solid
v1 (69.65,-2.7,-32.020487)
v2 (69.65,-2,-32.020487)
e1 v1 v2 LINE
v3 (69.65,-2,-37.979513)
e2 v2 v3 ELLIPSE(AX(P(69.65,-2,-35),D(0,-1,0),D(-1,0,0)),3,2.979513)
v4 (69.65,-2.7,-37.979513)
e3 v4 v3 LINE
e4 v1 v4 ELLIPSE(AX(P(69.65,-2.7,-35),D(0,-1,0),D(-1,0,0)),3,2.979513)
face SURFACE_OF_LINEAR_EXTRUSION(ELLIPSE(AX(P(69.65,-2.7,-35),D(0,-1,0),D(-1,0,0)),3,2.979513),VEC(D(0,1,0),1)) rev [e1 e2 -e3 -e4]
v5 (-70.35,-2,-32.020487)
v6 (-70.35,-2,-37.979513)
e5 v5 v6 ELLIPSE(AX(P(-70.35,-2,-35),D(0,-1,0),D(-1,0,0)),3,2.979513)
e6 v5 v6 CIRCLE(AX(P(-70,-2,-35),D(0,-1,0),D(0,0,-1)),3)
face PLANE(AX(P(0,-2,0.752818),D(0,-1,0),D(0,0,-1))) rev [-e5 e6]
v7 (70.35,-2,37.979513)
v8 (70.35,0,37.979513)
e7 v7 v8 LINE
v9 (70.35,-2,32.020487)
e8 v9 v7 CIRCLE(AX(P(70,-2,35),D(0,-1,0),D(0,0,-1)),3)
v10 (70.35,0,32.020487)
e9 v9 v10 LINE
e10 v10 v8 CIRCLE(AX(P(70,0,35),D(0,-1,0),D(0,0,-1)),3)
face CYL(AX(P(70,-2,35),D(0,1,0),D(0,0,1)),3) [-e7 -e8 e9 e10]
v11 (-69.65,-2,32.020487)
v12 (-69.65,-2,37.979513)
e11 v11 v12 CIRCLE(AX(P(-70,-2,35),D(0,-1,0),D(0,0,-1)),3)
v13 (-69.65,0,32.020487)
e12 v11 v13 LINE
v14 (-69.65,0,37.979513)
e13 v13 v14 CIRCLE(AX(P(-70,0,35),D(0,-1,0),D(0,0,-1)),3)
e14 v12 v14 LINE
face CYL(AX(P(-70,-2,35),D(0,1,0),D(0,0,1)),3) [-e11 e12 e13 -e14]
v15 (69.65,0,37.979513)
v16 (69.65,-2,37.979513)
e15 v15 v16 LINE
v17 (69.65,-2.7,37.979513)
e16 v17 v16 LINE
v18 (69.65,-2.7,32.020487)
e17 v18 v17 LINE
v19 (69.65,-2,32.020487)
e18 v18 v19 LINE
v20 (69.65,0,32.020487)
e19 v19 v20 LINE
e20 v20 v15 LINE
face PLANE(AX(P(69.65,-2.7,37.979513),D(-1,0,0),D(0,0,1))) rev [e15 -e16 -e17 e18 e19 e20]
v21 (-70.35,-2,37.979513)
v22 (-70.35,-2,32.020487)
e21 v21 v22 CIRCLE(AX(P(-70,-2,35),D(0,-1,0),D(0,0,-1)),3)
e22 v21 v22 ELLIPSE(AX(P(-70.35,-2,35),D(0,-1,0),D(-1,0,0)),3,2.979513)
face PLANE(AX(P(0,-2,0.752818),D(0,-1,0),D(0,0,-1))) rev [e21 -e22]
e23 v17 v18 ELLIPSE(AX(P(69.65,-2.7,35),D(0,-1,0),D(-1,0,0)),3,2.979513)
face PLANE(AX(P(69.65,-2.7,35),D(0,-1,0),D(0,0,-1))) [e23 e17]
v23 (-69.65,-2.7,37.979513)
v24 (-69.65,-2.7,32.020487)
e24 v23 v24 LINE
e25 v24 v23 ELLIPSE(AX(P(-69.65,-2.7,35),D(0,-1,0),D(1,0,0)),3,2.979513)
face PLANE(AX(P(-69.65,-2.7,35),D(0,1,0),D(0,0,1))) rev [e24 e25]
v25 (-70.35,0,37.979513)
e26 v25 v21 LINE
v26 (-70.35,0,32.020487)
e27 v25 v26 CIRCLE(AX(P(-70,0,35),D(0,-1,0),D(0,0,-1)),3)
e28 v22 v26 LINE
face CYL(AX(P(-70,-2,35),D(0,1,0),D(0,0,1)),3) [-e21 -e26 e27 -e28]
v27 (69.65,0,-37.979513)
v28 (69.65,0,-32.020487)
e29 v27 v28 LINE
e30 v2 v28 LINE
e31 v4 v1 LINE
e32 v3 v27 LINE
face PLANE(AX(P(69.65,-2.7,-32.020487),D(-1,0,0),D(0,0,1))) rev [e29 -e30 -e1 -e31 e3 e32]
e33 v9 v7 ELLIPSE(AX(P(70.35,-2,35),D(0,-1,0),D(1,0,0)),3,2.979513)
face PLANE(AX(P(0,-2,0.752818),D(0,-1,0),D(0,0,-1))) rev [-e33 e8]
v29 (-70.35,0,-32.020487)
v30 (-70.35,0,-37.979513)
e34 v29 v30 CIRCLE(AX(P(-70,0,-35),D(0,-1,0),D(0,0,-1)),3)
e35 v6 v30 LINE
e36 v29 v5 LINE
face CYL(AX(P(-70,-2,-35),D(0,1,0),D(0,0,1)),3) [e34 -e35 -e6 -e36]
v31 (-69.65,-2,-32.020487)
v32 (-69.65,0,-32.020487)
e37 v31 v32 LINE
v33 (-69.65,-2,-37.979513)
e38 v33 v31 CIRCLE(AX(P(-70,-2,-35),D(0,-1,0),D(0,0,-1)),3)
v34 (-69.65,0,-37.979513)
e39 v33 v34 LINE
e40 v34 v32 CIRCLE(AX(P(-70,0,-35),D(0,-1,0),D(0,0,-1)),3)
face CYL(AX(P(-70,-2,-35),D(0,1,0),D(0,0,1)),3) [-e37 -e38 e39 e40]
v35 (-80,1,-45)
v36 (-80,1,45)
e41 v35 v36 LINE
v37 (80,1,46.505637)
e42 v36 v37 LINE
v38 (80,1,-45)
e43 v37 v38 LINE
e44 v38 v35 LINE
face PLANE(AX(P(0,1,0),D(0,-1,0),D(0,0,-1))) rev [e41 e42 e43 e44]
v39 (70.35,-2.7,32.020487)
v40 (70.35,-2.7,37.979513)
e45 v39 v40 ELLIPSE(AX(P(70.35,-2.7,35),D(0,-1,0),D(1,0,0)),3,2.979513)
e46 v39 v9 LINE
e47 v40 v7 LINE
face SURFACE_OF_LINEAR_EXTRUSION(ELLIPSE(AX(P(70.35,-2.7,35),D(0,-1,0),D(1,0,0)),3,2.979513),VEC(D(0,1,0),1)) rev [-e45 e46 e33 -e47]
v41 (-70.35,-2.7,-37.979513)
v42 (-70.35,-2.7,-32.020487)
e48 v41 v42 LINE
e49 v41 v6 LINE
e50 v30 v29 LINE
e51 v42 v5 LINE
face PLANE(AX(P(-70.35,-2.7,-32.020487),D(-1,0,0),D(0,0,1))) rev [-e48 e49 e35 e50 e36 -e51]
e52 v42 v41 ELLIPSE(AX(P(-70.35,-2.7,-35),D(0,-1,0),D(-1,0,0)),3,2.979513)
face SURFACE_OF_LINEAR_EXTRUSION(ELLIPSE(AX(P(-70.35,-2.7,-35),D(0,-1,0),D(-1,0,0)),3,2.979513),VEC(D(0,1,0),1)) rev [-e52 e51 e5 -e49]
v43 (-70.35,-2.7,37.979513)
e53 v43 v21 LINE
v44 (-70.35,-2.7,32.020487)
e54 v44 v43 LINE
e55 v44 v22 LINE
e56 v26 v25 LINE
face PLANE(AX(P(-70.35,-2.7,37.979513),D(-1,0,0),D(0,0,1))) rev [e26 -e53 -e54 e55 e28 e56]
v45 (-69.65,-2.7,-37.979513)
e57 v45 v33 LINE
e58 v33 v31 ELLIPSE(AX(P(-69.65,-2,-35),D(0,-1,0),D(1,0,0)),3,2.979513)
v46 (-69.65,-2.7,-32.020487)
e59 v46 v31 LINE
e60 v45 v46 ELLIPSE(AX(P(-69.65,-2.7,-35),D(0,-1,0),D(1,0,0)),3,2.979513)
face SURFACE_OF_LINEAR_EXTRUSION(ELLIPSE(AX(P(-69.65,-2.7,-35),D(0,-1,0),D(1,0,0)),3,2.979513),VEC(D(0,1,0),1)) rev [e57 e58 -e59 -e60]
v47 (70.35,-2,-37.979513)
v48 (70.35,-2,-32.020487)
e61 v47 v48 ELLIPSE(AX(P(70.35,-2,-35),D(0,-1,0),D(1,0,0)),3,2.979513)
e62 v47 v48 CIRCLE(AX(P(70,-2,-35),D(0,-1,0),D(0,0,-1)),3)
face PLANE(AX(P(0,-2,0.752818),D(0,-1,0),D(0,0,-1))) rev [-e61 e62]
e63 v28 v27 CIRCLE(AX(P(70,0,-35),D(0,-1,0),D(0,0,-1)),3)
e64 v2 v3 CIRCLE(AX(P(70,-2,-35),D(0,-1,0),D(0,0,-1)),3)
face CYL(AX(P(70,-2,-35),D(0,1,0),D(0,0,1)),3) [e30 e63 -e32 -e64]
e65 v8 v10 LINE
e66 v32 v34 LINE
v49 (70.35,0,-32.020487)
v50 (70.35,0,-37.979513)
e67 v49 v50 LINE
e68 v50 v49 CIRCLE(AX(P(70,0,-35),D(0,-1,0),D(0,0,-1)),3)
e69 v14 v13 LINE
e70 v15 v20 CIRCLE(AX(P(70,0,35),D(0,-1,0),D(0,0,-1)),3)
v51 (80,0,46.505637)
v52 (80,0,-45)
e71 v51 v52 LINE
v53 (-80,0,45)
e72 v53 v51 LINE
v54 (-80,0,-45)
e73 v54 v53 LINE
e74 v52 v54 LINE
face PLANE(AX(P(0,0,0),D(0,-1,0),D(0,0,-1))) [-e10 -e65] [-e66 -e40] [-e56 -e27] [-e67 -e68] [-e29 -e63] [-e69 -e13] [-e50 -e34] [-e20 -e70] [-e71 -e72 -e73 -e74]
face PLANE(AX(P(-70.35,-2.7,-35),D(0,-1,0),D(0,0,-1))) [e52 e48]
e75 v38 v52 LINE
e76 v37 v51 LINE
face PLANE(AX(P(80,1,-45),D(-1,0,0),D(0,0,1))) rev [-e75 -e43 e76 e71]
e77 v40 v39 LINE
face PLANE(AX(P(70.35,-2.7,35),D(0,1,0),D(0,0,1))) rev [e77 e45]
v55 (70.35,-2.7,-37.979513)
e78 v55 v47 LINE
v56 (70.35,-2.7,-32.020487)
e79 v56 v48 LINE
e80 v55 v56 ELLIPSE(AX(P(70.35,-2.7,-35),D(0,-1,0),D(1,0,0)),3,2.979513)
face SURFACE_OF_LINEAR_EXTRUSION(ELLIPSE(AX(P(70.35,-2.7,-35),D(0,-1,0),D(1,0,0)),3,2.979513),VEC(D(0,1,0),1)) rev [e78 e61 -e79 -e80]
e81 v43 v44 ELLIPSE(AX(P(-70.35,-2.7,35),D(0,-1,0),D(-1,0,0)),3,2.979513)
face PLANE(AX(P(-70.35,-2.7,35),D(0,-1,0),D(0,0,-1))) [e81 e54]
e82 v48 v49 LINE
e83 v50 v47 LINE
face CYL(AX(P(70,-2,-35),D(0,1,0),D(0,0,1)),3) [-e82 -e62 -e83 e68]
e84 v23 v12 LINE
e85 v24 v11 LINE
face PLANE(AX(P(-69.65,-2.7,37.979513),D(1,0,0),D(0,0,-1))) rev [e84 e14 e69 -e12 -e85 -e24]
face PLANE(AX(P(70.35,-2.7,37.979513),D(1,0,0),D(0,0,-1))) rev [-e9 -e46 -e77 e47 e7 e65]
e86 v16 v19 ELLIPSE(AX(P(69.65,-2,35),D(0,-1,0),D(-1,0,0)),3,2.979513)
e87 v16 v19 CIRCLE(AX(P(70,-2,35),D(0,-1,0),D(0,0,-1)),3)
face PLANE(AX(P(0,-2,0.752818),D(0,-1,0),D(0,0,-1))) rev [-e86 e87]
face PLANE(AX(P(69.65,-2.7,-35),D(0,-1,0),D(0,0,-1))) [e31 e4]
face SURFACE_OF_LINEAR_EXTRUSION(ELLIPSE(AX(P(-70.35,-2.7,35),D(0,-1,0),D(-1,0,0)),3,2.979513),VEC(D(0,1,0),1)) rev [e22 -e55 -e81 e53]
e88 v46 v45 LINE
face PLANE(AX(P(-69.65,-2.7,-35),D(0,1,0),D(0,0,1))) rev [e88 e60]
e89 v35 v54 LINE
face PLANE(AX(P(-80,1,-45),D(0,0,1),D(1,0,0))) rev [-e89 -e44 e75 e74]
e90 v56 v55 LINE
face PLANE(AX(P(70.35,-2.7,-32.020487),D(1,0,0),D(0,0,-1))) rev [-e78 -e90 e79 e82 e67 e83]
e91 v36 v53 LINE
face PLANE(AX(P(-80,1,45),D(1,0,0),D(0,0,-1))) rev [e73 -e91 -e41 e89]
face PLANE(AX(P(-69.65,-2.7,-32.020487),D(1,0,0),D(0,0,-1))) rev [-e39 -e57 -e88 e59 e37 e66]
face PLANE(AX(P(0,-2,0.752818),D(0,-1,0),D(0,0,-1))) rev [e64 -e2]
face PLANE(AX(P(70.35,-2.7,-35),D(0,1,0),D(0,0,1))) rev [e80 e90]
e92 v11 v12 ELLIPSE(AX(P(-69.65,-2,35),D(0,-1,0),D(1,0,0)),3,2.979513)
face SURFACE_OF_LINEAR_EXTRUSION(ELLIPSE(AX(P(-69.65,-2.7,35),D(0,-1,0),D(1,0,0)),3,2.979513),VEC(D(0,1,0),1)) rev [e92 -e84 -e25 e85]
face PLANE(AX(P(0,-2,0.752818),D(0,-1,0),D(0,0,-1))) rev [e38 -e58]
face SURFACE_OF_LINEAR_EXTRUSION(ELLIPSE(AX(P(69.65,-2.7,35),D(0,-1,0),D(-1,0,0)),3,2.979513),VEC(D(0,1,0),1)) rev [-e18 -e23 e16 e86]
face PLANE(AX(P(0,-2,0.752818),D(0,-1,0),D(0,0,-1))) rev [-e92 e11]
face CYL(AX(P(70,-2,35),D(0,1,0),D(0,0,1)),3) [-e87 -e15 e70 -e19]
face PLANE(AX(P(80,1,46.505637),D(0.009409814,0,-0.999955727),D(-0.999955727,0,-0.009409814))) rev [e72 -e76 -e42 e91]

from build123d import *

# Parameters (mm, degrees)
BOSS_EXTRUDE1_DEPTH = 1
BOSS_EXTRUDE2_DEPTH = 2.7
SKETCH5_OUTSIDE_W   = 198.872
SKETCH5_OUTSIDE_H   = 130.378
SKETCH5_OUTSIDE_R   = 3
CUT_EXTRUDE1_DEPTH  = 2


with BuildPart() as part:
    # Sketch3 → Boss-Extrude1 (new body)
    with BuildSketch(Plane(origin=(0, 0, 0), x_dir=(1, 0, 0), z_dir=(0, 1, 0))):
        Polygon((-80, 45), (80, 45), (80, -46.505636843), (-80, -45), align=None)
    extrude(amount=BOSS_EXTRUDE1_DEPTH)

    # Sketch4 → Boss-Extrude2 (add)
    with BuildSketch(Plane.XZ):
        with BuildLine():
            Line((-70.35, 37.979513383), (-70.35, 32.020486617))
            add(Edge.make_bspline(
                [(-70.35, 37.979513383), (-73.35, 37.979513383), (-73.35, 35), (-73.35, 32.020486617), (-70.35, 32.020486617)],
                knots=[4.71238898, 4.71238898, 4.71238898, 6.283185307, 6.283185307, 7.853981634, 7.853981634, 7.853981634], degree=2, weights=[1, 0.707106781, 1, 0.707106781, 1]))
        make_face()
        with BuildLine():
            Line((-69.65, 37.979513383), (-69.65, 32.020486617))
            add(Edge.make_bspline(
                [(-69.65, 32.020486617), (-66.65, 32.020486617), (-66.65, 35), (-66.65, 37.979513383), (-69.65, 37.979513383)],
                knots=[4.71238898, 4.71238898, 4.71238898, 6.283185307, 6.283185307, 7.853981634, 7.853981634, 7.853981634], degree=2, weights=[1, 0.707106781, 1, 0.707106781, 1]))
        make_face()
        with BuildLine():
            Line((69.65, 37.979513383), (69.65, 32.020486617))
            add(Edge.make_bspline(
                [(69.65, 37.979513383), (66.65, 37.979513383), (66.65, 35), (66.65, 32.020486617), (69.65, 32.020486617)],
                knots=[4.71238898, 4.71238898, 4.71238898, 6.283185307, 6.283185307, 7.853981634, 7.853981634, 7.853981634], degree=2, weights=[1, 0.707106781, 1, 0.707106781, 1]))
        make_face()
        with BuildLine():
            Line((70.35, 37.979513383), (70.35, 32.020486617))
            add(Edge.make_bspline(
                [(70.35, 32.020486617), (73.35, 32.020486617), (73.35, 35), (73.35, 37.979513383), (70.35, 37.979513383)],
                knots=[4.71238898, 4.71238898, 4.71238898, 6.283185307, 6.283185307, 7.853981634, 7.853981634, 7.853981634], degree=2, weights=[1, 0.707106781, 1, 0.707106781, 1]))
        make_face()
        with BuildLine():
            Line((69.65, -32.020486617), (69.65, -37.979513383))
            add(Edge.make_bspline(
                [(69.65, -32.020486617), (66.65, -32.020486617), (66.65, -35), (66.65, -37.979513383), (69.65, -37.979513383)],
                knots=[4.71238898, 4.71238898, 4.71238898, 6.283185307, 6.283185307, 7.853981634, 7.853981634, 7.853981634], degree=2, weights=[1, 0.707106781, 1, 0.707106781, 1]))
        make_face()
        with BuildLine():
            Line((70.35, -32.020486617), (70.35, -37.979513383))
            add(Edge.make_bspline(
                [(70.35, -37.979513383), (73.35, -37.979513383), (73.35, -35), (73.35, -32.020486617), (70.35, -32.020486617)],
                knots=[4.71238898, 4.71238898, 4.71238898, 6.283185307, 6.283185307, 7.853981634, 7.853981634, 7.853981634], degree=2, weights=[1, 0.707106781, 1, 0.707106781, 1]))
        make_face()
        with BuildLine():
            Line((-70.35, -32.020486617), (-70.35, -37.979513383))
            add(Edge.make_bspline(
                [(-70.35, -32.020486617), (-73.35, -32.020486617), (-73.35, -35), (-73.35, -37.979513383), (-70.35, -37.979513383)],
                knots=[4.71238898, 4.71238898, 4.71238898, 6.283185307, 6.283185307, 7.853981634, 7.853981634, 7.853981634], degree=2, weights=[1, 0.707106781, 1, 0.707106781, 1]))
        make_face()
        with BuildLine():
            Line((-69.65, -32.020486617), (-69.65, -37.979513383))
            add(Edge.make_bspline(
                [(-69.65, -37.979513383), (-66.65, -37.979513383), (-66.65, -35), (-66.65, -32.020486617), (-69.65, -32.020486617)],
                knots=[4.71238898, 4.71238898, 4.71238898, 6.283185307, 6.283185307, 7.853981634, 7.853981634, 7.853981634], degree=2, weights=[1, 0.707106781, 1, 0.707106781, 1]))
        make_face()
    extrude(amount=BOSS_EXTRUDE2_DEPTH)

    # Sketch5 outside → Cut-Extrude1 (cut)
    with BuildSketch(Plane.XZ):
        with Locations((0, 0.753)):
            Rectangle(SKETCH5_OUTSIDE_W, SKETCH5_OUTSIDE_H)
        with Locations((-70, 35)):
            Circle(SKETCH5_OUTSIDE_R, mode=Mode.SUBTRACT)
        with Locations((70, 35)):
            Circle(SKETCH5_OUTSIDE_R, mode=Mode.SUBTRACT)
        with Locations((70, -35)):
            Circle(SKETCH5_OUTSIDE_R, mode=Mode.SUBTRACT)
        with Locations((-70, -35)):
            Circle(SKETCH5_OUTSIDE_R, mode=Mode.SUBTRACT)
    extrude(amount=CUT_EXTRUDE1_DEPTH, mode=Mode.SUBTRACT)


solid = part.part
